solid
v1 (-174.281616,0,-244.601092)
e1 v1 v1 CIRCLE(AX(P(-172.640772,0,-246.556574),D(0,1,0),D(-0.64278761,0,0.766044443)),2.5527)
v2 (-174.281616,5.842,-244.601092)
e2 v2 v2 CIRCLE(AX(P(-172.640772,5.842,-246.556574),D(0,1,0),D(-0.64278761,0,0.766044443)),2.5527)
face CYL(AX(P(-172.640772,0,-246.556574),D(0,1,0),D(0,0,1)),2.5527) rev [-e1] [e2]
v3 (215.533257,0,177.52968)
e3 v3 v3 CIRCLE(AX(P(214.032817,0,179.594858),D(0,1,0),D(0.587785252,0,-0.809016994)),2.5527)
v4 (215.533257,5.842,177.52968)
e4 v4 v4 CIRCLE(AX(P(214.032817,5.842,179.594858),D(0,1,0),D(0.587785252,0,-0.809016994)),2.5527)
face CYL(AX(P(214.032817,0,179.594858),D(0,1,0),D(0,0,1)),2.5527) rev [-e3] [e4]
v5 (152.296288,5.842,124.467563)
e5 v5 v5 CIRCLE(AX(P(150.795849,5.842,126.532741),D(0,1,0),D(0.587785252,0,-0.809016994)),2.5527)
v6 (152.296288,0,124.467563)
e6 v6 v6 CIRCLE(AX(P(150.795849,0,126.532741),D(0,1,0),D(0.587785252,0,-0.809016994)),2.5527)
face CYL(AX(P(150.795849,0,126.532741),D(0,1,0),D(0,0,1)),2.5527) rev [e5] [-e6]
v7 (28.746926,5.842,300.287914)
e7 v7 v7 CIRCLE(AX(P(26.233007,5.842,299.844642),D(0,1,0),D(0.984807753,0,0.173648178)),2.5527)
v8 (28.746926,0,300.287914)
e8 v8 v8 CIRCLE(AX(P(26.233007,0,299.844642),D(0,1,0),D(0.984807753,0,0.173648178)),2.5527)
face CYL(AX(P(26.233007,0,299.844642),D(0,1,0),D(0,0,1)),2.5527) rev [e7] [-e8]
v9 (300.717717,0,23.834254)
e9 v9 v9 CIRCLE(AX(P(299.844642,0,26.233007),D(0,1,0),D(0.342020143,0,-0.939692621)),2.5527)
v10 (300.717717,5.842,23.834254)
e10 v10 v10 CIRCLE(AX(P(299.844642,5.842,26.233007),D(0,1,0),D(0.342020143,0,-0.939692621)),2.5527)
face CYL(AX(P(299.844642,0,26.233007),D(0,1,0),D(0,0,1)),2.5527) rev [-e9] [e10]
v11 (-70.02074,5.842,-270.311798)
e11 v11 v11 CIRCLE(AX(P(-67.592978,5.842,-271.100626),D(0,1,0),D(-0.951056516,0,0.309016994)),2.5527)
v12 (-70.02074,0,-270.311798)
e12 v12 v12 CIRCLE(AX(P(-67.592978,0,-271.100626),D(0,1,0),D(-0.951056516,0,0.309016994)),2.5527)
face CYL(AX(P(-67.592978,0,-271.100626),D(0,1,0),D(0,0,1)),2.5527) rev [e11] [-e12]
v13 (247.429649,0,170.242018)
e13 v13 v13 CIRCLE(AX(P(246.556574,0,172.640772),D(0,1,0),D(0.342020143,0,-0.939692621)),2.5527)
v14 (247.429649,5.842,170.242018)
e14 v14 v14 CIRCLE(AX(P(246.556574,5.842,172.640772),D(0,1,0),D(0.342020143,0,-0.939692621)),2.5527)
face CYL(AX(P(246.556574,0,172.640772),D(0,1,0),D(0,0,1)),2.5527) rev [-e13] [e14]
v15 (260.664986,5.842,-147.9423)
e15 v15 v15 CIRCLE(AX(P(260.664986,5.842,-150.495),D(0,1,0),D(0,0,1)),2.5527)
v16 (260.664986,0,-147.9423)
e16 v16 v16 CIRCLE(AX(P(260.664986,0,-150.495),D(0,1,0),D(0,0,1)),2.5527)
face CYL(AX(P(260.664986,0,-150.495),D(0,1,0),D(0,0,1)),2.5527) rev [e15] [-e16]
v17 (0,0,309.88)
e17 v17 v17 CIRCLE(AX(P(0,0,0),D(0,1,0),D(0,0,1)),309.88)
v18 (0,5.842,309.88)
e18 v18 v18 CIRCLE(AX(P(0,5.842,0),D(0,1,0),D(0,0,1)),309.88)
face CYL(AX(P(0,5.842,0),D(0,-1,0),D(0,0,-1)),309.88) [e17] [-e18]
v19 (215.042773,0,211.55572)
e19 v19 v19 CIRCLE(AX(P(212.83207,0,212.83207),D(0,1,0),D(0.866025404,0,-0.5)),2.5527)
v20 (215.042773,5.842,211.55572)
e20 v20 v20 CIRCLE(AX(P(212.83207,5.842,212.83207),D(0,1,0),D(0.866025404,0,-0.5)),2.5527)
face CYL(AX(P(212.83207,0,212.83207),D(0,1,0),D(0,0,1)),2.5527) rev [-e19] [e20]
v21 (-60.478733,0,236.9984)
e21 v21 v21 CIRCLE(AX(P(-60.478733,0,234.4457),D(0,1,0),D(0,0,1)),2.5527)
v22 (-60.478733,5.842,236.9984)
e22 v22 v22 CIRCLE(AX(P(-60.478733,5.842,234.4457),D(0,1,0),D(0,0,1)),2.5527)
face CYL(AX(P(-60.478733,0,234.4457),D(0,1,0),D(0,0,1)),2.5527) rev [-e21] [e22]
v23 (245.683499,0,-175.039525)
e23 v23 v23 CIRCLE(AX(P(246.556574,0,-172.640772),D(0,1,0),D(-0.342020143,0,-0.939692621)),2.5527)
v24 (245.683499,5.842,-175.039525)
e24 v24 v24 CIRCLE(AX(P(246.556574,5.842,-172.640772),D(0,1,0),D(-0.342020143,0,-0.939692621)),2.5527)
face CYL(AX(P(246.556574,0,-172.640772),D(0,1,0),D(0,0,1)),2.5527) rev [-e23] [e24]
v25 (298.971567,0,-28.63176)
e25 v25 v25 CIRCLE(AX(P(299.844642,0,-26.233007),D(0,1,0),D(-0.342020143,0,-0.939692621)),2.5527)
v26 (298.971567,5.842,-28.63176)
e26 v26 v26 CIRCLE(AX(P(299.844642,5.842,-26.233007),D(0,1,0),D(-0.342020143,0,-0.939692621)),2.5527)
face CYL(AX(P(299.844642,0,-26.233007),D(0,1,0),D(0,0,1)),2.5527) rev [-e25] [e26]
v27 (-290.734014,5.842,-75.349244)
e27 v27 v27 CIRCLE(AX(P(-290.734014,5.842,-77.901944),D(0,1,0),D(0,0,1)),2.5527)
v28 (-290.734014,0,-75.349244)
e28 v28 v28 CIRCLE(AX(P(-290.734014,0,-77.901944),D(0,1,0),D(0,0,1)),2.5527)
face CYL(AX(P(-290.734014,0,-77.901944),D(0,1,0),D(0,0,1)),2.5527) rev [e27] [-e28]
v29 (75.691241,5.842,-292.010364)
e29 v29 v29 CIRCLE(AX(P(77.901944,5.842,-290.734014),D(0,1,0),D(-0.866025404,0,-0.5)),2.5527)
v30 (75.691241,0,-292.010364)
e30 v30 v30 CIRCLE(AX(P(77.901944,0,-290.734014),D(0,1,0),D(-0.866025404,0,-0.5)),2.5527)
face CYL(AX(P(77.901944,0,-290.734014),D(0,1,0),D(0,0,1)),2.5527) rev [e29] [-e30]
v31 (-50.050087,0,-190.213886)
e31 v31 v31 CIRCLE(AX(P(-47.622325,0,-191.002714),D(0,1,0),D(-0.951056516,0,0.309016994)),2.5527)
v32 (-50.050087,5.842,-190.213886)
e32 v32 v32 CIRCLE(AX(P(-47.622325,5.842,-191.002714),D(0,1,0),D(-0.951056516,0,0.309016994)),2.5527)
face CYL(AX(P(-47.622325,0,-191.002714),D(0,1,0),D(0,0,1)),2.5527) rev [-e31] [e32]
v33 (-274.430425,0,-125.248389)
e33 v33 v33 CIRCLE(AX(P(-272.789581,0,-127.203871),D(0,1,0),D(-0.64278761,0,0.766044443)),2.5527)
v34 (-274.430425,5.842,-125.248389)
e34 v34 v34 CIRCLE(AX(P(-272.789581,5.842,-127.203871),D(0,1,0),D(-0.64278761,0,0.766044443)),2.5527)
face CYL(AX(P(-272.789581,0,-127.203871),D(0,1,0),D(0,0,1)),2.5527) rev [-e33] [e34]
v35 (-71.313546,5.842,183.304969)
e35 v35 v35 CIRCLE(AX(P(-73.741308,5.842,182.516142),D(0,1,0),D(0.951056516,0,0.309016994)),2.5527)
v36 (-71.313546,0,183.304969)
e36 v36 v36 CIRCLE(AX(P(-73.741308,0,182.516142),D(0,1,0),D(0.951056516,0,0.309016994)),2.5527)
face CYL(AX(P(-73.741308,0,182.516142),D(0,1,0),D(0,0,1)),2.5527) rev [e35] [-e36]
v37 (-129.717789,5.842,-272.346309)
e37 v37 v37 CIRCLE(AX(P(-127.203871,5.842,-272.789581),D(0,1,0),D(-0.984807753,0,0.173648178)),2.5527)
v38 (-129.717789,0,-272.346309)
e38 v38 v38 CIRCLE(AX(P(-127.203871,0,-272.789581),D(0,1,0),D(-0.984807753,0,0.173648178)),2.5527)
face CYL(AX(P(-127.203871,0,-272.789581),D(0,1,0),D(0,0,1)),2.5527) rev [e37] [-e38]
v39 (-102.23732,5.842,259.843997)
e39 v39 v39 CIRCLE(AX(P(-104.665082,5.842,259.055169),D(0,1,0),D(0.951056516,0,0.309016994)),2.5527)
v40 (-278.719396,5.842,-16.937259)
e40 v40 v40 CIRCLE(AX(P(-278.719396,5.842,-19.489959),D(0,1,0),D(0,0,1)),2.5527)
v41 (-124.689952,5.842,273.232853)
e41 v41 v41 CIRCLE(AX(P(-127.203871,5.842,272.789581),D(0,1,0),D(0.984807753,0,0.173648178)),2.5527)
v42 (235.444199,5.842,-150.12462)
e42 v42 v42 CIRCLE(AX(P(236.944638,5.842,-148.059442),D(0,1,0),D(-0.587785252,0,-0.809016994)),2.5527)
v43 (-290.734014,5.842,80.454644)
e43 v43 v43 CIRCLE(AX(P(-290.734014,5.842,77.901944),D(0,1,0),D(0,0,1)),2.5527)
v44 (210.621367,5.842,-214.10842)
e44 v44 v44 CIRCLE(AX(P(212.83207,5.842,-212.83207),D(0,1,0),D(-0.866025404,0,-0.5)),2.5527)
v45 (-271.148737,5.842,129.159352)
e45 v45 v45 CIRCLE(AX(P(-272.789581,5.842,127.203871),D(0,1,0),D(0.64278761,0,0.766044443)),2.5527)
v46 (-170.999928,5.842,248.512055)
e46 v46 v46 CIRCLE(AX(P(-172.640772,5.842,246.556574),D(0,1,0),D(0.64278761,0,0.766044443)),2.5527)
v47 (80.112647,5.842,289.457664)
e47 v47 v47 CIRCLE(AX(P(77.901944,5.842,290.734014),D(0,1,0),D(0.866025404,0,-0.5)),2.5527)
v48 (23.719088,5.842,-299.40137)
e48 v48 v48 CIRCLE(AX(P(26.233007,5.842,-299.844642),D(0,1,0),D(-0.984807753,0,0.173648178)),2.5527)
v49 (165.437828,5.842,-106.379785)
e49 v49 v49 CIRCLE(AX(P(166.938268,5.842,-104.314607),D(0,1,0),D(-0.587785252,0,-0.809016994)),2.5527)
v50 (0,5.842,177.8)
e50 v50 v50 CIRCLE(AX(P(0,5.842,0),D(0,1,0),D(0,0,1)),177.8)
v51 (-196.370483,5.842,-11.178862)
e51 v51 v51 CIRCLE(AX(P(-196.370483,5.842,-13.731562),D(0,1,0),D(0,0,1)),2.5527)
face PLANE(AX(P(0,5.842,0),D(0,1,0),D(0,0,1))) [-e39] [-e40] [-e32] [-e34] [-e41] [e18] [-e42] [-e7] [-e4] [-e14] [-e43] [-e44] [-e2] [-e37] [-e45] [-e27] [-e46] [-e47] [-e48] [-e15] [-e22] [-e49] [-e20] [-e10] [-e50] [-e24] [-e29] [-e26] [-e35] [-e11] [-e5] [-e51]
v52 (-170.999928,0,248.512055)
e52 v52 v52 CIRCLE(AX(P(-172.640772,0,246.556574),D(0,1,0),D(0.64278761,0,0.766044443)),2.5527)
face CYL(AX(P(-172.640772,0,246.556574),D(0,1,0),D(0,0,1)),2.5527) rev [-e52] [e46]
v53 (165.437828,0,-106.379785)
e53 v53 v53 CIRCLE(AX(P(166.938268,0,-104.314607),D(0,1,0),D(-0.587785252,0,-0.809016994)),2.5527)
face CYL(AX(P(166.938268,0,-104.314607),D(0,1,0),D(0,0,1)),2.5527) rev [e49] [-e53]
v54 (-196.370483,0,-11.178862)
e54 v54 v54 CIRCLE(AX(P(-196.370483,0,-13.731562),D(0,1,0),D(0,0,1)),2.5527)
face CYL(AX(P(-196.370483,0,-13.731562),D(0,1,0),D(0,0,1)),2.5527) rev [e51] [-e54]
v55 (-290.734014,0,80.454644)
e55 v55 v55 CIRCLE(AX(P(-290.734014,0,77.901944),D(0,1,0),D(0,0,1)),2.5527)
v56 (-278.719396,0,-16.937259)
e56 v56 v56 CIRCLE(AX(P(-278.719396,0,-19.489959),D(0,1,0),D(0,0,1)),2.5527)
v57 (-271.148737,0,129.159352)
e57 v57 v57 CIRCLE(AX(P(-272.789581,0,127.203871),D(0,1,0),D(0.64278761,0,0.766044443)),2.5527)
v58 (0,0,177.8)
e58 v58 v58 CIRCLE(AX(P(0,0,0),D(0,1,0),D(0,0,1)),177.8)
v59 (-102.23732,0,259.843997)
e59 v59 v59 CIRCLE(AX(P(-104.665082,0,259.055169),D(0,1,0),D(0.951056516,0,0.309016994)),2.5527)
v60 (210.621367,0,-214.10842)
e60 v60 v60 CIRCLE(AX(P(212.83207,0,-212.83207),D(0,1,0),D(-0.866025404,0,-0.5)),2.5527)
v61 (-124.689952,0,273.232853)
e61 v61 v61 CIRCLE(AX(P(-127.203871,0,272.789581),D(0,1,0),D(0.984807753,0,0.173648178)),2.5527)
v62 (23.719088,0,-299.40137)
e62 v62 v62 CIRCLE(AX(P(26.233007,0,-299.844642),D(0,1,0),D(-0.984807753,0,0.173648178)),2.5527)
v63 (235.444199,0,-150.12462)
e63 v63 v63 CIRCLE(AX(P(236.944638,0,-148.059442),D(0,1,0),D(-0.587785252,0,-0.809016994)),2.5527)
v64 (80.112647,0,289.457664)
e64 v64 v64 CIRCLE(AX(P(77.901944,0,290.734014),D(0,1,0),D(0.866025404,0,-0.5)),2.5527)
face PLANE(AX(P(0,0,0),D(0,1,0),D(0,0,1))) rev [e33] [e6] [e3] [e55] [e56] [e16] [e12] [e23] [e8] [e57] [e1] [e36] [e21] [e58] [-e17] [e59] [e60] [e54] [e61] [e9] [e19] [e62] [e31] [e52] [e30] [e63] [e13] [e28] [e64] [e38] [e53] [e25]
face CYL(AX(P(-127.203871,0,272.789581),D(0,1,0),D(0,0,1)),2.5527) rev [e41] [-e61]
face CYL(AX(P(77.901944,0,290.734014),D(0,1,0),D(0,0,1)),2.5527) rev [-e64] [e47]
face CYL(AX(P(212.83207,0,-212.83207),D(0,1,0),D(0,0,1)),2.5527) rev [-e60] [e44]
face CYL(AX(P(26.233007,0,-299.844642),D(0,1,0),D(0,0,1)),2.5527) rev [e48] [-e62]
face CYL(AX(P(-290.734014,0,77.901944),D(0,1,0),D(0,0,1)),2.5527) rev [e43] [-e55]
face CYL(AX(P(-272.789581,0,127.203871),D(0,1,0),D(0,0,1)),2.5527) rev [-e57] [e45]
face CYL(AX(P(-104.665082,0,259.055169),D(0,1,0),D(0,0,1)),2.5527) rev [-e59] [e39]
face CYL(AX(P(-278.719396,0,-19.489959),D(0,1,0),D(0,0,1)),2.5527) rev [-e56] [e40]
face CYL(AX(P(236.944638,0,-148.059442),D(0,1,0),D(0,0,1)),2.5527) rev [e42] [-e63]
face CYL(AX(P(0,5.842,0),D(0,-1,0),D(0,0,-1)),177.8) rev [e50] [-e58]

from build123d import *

# Parameters (mm, degrees)
SKETCH1_R                     = 309.88
SKETCH1_R_2                   = 177.8
BOSS_EXTRUDE1_DEPTH           = 5.842
SKETCH2_R                     = 2.5527
CUT_EXTRUDE1_DEPTH            = 439.275435958
CIRPATTERN1_COUNT             = 9
SKETCH3_R                     = 2.5527
HOLES_MOUNTINGFEET_DEPTH      = 439.275435958
CIRPATTERN_MOUNTINGFEET_COUNT = 5
SKETCH4_R                     = 2.5527
HOLE_WIRES_DEPTH              = 439.275435958
SKETCH5_R                     = 2.5527
CUT_EXTRUDE2_DEPTH            = 439.275435958


with BuildPart() as part:
    # Sketch1 → Boss-Extrude1 (new body)
    with BuildSketch(Plane(origin=(0, 0, 0), x_dir=(1, 0, 0), z_dir=(0, 1, 0))):
        Circle(SKETCH1_R)
        Circle(SKETCH1_R_2, mode=Mode.SUBTRACT)
    extrude(amount=BOSS_EXTRUDE1_DEPTH)

    # Sketch2 → Cut-Extrude1 (cut, through all)
    with BuildSketch(Plane(origin=(0, 5.842, 0), x_dir=(1, 0, 0), z_dir=(0, 1, 0))):
        with Locations((-290.734014455, -77.901944385)):
            Circle(SKETCH2_R)
        with Locations((-290.734014455, 77.901944385)):
            Circle(SKETCH2_R)
    cut_extrude1 = extrude(amount=-CUT_EXTRUDE1_DEPTH, mode=Mode.SUBTRACT)

    # CirPattern1: Cut-Extrude1 ×9 about axis
    cirpattern1_axis = Axis((0, 6.6675, 0), (0, -1, 0))
    for i in range(1, CIRPATTERN1_COUNT):
        add(cut_extrude1.rotate(cirpattern1_axis, i * 360 / CIRPATTERN1_COUNT), mode=Mode.SUBTRACT)

    # Sketch3 → Holes_MountingFeet (cut, through all)
    with BuildSketch(Plane(origin=(0, 5.842, 0), x_dir=(1, 0, 0), z_dir=(0, 1, 0))):
        with Locations((-196.370483294, 13.731561857)):
            Circle(SKETCH3_R)
        with Locations((-278.719395643, 19.489958764)):
            Circle(SKETCH3_R)
    holes_mountingfeet = extrude(amount=-HOLES_MOUNTINGFEET_DEPTH, mode=Mode.SUBTRACT)

    # CirPattern_MountingFeet: Holes_MountingFeet ×5 about axis
    cirpattern_mountingfeet_axis = Axis((0, 6.6675, 0), (0, -1, 0))
    for i in range(1, CIRPATTERN_MOUNTINGFEET_COUNT):
        add(holes_mountingfeet.rotate(cirpattern_mountingfeet_axis, i * 360 / CIRPATTERN_MOUNTINGFEET_COUNT), mode=Mode.SUBTRACT)

    # Sketch4 → Hole_Wires (cut, through all)
    with BuildSketch(Plane(origin=(0, 5.842, 0), x_dir=(1, 0, 0), z_dir=(0, 1, 0))):
        with Locations((260.664986285, 150.495)):
            Circle(SKETCH4_R)
    extrude(amount=-HOLE_WIRES_DEPTH, mode=Mode.SUBTRACT)

    # Sketch5 → Cut-Extrude2 (cut, through all)
    with BuildSketch(Plane(origin=(0, 5.842, 0), x_dir=(1, 0, 0), z_dir=(0, 1, 0))):
        with Locations((-60.478733235, -234.445699953)):
            Circle(SKETCH5_R)
    extrude(amount=-CUT_EXTRUDE2_DEPTH, mode=Mode.SUBTRACT)


solid = part.part
